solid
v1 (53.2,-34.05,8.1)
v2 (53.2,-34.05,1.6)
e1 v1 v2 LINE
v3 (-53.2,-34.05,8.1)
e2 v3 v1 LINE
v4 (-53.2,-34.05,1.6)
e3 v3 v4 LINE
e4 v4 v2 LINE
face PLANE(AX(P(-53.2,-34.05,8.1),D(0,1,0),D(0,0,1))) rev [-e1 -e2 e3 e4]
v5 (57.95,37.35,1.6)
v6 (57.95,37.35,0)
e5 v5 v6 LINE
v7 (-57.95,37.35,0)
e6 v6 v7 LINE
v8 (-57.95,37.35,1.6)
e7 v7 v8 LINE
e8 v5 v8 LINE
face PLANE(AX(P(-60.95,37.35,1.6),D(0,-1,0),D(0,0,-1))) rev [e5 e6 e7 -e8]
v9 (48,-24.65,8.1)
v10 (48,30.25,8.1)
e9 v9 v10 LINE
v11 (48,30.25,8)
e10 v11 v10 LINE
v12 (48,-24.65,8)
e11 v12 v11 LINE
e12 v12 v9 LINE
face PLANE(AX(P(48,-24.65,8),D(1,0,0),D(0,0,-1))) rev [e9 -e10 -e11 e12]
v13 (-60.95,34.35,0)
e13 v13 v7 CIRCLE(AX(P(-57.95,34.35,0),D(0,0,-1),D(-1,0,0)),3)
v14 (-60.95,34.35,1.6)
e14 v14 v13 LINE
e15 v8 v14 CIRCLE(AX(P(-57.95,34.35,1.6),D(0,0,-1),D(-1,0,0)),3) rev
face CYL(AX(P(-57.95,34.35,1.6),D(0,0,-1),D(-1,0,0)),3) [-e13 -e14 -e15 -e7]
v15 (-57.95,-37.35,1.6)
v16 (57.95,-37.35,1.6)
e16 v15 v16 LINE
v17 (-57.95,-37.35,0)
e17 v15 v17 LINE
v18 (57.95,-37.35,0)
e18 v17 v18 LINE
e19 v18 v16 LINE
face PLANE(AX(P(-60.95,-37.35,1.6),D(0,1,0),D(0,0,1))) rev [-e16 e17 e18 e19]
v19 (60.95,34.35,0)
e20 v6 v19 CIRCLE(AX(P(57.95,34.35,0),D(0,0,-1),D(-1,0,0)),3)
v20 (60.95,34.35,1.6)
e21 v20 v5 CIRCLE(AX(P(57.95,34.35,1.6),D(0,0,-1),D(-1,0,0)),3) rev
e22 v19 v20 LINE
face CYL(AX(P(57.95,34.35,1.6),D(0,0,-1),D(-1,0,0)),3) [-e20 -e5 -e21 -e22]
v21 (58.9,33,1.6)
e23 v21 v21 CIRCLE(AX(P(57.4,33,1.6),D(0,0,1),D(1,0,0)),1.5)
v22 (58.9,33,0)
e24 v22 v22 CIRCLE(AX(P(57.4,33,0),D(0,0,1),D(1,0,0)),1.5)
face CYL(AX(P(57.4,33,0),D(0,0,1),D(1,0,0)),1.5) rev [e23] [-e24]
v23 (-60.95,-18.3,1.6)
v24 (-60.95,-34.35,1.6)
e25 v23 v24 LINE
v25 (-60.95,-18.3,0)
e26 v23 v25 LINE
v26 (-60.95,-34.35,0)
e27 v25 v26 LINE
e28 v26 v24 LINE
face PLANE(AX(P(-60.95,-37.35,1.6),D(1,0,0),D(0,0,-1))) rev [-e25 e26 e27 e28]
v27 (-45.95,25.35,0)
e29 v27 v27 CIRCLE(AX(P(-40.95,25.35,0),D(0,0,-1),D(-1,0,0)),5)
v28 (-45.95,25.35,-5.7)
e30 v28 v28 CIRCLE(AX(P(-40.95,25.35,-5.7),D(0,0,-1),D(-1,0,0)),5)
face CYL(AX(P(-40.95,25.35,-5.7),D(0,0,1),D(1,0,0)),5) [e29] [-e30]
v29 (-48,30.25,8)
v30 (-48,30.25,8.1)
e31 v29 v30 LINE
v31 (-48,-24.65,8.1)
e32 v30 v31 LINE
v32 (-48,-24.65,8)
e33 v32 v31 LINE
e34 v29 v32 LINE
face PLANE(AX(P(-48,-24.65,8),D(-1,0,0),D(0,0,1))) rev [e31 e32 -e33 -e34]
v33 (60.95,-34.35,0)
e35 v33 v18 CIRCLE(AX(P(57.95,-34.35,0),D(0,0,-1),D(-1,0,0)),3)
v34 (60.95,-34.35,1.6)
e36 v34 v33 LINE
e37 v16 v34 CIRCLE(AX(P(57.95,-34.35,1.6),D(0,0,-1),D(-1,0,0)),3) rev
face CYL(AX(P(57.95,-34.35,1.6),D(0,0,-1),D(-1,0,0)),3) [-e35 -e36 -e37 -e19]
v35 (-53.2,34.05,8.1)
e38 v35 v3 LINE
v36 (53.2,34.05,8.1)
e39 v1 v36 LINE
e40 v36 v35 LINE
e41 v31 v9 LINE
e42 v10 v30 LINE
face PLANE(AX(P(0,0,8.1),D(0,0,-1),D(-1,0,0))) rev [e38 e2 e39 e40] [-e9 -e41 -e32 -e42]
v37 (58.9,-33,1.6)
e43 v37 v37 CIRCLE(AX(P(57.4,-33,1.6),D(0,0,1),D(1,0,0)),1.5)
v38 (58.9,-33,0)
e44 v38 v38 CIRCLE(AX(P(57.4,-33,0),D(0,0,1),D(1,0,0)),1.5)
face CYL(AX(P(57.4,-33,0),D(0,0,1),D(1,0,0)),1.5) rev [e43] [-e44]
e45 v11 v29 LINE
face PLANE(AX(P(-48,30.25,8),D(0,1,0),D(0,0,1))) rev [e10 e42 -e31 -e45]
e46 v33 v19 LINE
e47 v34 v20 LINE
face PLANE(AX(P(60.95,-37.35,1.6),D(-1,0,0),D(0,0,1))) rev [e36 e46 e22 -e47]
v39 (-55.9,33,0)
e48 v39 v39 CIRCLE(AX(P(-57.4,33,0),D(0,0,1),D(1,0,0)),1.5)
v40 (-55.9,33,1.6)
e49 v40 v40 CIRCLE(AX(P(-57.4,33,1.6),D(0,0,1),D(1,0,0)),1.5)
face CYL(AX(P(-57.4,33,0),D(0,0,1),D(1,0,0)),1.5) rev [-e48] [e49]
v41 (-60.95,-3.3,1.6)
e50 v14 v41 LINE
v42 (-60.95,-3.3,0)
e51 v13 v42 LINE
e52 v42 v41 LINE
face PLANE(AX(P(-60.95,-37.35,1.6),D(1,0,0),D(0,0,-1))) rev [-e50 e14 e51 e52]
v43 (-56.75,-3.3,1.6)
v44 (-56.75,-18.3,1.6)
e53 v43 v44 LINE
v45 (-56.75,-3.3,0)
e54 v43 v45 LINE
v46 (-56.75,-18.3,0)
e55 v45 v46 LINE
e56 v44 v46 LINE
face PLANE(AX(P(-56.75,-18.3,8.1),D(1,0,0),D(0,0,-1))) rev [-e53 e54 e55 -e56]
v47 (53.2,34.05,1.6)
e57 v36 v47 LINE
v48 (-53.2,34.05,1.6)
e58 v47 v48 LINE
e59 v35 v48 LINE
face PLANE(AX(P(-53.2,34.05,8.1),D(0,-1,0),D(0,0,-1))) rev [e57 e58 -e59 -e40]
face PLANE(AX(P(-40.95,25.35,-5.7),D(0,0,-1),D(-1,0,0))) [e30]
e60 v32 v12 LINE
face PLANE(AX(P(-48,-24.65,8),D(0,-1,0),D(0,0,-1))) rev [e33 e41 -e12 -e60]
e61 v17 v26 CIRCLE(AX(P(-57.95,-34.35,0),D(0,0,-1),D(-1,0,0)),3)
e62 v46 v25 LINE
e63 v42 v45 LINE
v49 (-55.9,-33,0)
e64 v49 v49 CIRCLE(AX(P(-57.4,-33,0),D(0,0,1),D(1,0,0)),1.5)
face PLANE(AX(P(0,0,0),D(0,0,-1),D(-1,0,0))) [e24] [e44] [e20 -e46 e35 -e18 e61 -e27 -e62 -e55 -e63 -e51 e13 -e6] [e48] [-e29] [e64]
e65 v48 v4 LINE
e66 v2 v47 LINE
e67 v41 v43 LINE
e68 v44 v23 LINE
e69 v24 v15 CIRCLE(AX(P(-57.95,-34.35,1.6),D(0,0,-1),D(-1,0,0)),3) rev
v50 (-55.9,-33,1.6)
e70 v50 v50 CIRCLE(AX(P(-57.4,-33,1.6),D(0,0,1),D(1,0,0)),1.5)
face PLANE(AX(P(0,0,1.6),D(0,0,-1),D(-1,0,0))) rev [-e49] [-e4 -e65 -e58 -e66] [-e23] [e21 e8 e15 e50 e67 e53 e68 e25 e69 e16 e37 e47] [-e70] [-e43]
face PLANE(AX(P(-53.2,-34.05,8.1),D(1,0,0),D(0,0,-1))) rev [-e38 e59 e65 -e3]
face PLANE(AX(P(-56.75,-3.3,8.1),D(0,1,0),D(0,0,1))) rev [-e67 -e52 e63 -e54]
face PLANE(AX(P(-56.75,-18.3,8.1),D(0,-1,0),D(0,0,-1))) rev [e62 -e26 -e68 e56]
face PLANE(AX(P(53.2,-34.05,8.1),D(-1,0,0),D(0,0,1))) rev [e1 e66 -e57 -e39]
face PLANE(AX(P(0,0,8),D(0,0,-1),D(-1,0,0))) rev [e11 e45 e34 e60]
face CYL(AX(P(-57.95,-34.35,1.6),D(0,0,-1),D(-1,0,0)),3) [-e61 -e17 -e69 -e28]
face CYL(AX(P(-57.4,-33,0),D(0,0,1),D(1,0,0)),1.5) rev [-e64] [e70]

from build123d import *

# Parameters (mm, degrees)
SKETCH_1_W          = 121.9
SKETCH_1_H          = 74.7
EXTRUDE_1_DEPTH     = 1.6
SKETCH_2_R          = 1.5
CUT_EXTRUDE_1_DEPTH = 1.6
FILLET_1_R          = 3
SKETCH_3_W          = 106.4
SKETCH_3_H          = 68.1
EXTRUDE_2_DEPTH     = 6.5
SKETCH_4_W          = 96
SKETCH_4_H          = 54.9
CUT_EXTRUDE_2_DEPTH = 0.1
SKETCH_6_W          = 13.573643903
SKETCH_6_H          = 15
CUT_EXTRUDE_3_DEPTH = 9.1
SKETCH_7_R          = 5
EXTRUDE_3_DEPTH     = 5.7


with BuildPart() as part:
    # 草图1 → 凸台-拉伸1 (new body)
    with BuildSketch(Plane.XY):
        Rectangle(SKETCH_1_W, SKETCH_1_H)
    extrude(amount=EXTRUDE_1_DEPTH)

    # 草图2 → 切除-拉伸1 (cut)
    with BuildSketch(Plane.XY.offset(1.6)):
        with Locations((-57.4, 33)):
            Circle(SKETCH_2_R)
        with Locations((-57.4, -33)):
            Circle(SKETCH_2_R)
        with Locations((57.4, -33)):
            Circle(SKETCH_2_R)
        with Locations((57.4, 33)):
            Circle(SKETCH_2_R)
    extrude(amount=-CUT_EXTRUDE_1_DEPTH, mode=Mode.SUBTRACT)

    # 圆角1
    fillet_1_edges = [part.edges().sort_by_distance(p)[0] for p in [
        (60.95, -37.35, 0.8),
        (-60.95, -37.35, 0.8),
        (-60.95, 37.35, 0.8),
        (60.95, 37.35, 0.8),
    ]]
    fillet(fillet_1_edges, radius=FILLET_1_R)

    # 草图3 → 凸台-拉伸2 (add)
    with BuildSketch(Plane.XY.offset(1.6)):
        Rectangle(SKETCH_3_W, SKETCH_3_H)
    extrude(amount=EXTRUDE_2_DEPTH)

    # 草图4 → 切除-拉伸2 (cut)
    with BuildSketch(Plane.XY.offset(8.1)):
        with Locations((0, 2.8)):
            Rectangle(SKETCH_4_W, SKETCH_4_H)
    extrude(amount=-CUT_EXTRUDE_2_DEPTH, mode=Mode.SUBTRACT)

    # 草图6 → 切除-拉伸3 (cut, through all)
    with BuildSketch(Plane(origin=(0, 0, 0), x_dir=(-1, 0, 0), z_dir=(0, 0, -1))):
        with Locations((63.536821952, -10.8)):
            Rectangle(SKETCH_6_W, SKETCH_6_H)
    extrude(amount=-CUT_EXTRUDE_3_DEPTH, mode=Mode.SUBTRACT)

    # 草图7 → 凸台-拉伸3 (add)
    with BuildSketch(Plane(origin=(0, 0, 0), x_dir=(-1, 0, 0), z_dir=(0, 0, -1))):
        with Locations((40.95, 25.35)):
            Circle(SKETCH_7_R)
    extrude(amount=EXTRUDE_3_DEPTH)


solid = part.part
